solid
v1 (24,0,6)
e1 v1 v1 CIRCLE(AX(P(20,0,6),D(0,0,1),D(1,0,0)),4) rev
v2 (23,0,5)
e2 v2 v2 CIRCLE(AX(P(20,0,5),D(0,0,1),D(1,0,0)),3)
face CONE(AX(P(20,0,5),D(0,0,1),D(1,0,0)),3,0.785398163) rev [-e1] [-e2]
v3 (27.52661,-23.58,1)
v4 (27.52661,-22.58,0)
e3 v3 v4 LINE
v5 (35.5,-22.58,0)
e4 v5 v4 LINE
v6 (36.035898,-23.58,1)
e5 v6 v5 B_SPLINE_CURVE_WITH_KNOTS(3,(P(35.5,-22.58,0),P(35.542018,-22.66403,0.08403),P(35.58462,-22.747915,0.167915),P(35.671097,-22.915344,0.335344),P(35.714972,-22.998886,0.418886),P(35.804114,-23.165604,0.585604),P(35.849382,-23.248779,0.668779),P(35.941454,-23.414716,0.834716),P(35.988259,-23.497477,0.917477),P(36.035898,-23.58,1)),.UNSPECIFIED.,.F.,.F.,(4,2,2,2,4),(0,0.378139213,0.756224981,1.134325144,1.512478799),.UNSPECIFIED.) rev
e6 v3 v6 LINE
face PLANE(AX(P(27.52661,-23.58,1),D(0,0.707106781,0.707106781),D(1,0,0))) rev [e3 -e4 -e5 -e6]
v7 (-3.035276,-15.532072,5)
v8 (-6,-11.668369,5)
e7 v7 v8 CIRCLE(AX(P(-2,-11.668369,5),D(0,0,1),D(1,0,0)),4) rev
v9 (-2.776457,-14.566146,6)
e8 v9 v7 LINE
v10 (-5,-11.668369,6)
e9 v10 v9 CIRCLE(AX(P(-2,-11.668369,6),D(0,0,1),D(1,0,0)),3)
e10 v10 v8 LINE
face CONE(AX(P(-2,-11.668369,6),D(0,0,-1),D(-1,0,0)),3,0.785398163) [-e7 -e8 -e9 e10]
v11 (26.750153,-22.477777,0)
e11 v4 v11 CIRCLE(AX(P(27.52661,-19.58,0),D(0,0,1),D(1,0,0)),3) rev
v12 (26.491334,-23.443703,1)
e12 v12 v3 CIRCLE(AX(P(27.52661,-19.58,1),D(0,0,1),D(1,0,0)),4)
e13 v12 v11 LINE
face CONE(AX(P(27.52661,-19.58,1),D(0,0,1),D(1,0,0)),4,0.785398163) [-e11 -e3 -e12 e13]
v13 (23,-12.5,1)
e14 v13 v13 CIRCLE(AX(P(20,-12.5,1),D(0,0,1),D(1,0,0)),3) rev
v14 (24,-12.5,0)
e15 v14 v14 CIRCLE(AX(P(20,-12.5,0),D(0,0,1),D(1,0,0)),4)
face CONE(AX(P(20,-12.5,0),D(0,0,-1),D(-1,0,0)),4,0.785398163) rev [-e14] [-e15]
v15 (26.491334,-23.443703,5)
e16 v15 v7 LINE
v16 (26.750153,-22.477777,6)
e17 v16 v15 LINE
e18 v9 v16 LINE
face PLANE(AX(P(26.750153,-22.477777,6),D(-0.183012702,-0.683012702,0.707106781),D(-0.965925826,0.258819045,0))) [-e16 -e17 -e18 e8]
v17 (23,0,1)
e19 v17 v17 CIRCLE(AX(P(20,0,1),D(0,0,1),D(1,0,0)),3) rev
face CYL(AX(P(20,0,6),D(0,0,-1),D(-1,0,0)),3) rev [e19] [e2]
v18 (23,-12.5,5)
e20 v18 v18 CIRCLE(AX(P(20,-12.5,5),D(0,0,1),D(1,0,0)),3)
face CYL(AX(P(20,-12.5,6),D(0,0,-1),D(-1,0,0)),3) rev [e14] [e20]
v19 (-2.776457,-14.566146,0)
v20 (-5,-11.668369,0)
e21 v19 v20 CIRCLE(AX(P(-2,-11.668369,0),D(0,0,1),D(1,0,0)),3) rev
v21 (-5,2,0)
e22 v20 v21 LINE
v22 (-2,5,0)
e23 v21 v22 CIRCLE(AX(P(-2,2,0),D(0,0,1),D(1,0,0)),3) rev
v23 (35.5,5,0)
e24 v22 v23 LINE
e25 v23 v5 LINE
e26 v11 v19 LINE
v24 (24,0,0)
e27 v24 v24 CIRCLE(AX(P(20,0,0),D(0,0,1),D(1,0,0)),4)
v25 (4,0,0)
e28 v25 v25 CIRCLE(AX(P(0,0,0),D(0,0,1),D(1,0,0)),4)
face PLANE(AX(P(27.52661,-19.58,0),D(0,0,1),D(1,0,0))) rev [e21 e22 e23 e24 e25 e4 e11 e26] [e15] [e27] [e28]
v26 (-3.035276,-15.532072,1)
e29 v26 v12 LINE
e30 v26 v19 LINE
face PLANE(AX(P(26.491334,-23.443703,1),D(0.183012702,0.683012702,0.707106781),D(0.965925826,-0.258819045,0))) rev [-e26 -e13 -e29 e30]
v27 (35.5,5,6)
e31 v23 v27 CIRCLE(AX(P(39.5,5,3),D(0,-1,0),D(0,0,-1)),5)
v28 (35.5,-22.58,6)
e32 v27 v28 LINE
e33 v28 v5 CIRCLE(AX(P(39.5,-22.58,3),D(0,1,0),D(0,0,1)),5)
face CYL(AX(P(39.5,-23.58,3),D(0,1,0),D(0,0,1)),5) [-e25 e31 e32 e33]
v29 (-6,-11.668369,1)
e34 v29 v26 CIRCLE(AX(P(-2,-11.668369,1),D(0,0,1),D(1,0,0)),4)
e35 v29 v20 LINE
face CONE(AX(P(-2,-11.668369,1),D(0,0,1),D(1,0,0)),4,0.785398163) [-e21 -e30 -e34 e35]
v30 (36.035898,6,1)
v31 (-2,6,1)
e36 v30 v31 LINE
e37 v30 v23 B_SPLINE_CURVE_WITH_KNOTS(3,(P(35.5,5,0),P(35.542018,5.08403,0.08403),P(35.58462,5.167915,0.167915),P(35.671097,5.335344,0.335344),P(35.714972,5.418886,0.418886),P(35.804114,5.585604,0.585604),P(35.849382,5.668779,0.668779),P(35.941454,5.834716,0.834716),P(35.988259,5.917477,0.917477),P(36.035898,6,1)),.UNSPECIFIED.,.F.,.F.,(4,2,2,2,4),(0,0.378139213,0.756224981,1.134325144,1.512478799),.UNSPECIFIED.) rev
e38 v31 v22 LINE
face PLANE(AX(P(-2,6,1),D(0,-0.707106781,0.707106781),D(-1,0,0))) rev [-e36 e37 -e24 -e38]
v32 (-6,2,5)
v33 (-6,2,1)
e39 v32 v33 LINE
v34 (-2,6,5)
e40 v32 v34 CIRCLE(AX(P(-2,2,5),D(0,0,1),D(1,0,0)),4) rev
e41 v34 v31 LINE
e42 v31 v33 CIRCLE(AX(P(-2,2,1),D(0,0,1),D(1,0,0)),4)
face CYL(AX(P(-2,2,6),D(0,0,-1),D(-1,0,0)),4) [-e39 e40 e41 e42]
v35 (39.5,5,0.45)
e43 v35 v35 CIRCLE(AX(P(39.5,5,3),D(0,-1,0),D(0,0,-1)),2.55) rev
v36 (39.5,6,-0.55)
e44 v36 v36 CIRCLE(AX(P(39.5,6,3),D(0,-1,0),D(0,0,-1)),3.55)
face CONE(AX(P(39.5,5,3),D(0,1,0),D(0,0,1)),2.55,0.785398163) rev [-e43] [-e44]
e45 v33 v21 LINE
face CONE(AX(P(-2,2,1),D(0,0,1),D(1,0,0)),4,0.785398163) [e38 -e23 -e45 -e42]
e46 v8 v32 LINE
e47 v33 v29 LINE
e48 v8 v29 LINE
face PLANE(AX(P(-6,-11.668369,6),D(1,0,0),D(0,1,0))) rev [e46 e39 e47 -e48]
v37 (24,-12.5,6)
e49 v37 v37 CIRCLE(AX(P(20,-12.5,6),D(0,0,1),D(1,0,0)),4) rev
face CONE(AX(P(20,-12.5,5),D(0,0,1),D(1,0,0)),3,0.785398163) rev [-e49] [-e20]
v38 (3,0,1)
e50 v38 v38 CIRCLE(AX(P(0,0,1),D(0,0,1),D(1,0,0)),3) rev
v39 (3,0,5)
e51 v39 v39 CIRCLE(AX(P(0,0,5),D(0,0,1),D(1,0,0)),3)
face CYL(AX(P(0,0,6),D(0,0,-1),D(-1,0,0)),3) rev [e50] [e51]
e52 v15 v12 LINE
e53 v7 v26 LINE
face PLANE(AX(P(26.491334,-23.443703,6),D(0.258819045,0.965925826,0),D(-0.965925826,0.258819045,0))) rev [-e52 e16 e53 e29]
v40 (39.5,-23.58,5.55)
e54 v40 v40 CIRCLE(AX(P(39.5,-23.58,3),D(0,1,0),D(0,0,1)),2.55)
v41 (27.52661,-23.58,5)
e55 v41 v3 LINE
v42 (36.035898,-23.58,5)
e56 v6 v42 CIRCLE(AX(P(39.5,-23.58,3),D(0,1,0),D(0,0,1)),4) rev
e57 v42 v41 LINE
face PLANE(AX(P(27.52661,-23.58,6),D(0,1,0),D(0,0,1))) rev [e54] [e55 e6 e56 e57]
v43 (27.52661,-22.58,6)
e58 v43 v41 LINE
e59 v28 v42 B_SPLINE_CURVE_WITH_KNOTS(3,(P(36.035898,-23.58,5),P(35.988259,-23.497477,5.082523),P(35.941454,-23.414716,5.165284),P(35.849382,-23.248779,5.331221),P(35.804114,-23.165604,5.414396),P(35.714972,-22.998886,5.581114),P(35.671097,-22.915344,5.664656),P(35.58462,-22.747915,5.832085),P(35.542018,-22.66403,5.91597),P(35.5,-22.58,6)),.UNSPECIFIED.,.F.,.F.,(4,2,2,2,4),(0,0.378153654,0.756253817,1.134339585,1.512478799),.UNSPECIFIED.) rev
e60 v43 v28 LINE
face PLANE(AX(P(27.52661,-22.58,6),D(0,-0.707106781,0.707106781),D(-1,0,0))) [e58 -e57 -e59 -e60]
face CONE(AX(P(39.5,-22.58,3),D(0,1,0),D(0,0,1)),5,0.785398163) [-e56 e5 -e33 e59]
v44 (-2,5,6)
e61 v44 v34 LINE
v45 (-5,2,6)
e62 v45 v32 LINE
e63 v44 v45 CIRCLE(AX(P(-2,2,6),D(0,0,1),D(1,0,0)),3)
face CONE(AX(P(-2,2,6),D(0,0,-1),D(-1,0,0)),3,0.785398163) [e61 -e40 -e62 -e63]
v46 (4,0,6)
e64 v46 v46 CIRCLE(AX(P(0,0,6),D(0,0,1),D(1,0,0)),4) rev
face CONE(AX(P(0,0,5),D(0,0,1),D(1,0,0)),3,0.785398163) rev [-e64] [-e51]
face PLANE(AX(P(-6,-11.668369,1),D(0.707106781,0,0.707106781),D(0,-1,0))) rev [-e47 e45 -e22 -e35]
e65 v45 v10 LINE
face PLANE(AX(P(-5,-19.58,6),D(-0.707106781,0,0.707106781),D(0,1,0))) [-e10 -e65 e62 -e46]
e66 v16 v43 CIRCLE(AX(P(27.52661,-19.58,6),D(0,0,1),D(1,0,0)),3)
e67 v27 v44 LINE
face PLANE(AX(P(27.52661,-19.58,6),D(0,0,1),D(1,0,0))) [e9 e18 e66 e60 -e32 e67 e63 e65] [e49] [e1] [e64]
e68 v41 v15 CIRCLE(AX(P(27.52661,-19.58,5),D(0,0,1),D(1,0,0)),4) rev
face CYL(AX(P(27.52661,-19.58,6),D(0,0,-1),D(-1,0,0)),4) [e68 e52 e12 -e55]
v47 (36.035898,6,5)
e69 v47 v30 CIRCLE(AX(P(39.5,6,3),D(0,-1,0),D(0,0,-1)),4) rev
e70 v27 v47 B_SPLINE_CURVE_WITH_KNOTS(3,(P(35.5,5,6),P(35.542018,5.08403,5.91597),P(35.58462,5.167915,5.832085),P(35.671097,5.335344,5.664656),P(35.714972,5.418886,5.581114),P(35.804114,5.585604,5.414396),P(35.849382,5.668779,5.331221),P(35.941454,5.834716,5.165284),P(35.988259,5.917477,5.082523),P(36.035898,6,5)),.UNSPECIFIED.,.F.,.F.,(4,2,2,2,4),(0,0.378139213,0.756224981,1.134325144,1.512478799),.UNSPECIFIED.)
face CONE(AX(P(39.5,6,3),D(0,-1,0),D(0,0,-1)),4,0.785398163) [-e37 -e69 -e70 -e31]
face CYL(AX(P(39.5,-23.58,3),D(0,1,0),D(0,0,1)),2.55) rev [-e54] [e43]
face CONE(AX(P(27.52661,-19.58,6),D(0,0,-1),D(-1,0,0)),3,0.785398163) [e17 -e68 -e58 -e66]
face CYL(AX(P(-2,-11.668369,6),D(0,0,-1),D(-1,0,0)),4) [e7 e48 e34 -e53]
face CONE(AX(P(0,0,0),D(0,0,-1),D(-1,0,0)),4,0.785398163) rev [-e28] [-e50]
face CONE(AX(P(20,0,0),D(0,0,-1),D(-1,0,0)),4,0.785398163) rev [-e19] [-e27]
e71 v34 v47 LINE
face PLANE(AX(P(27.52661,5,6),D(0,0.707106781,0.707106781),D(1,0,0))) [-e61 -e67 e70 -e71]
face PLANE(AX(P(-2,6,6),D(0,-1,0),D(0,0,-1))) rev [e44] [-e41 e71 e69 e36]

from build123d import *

# Parameters (mm, degrees)
SKETCH_2_R          = 3
EXTRUDE_1_DEPTH     = 6
SKETCH_3_R          = 5
EXTRUDE_2_DEPTH     = 29.58
SKETCH_4_R          = 2.55
CUT_EXTRUDE_1_DEPTH = 55.029865815
CHAMFER_1_SIZE      = 1


with BuildPart() as part:
    # 草图2 → 凸台-拉伸1 (new body)
    with BuildSketch(Plane.XY):
        with BuildLine():
            Line((26.49133381, -23.443703305), (-3.03527618, -15.532072003))
            ThreePointArc((-3.03527618, -15.532072003), (-5.173413361, -14.103414414), (-6, -11.668368698))
            Line((-6, -11.668368698), (-6, 2))
            ThreePointArc((-6, 2), (-4.828427125, 4.828427125), (-2, 6))
            Line((-2, 6), (39.5, 6))
            Line((39.5, 6), (39.5, -23.58))
            Line((39.5, -23.58), (27.52660999, -23.58))
            ThreePointArc((27.52660999, -23.58), (27.004505221, -23.545779445), (26.49133381, -23.443703305))
        make_face()
        Circle(SKETCH_2_R, mode=Mode.SUBTRACT)
        with Locations((20, 0)):
            Circle(SKETCH_2_R, mode=Mode.SUBTRACT)
        with Locations((20, -12.5)):
            Circle(SKETCH_2_R, mode=Mode.SUBTRACT)
    extrude(amount=EXTRUDE_1_DEPTH)

    # 草图3 → 凸台-拉伸2 (add, through all)
    with BuildSketch(Plane(origin=(0, 6, 0), x_dir=(1, 0, 0), z_dir=(0, 1, 0))):
        with Locations((39.5, -3)):
            Circle(SKETCH_3_R)
    extrude(amount=-EXTRUDE_2_DEPTH)

    # 草图4 → 切除-拉伸1 (cut, through all)
    with BuildSketch(Plane(origin=(0, 6, 0), x_dir=(1, 0, 0), z_dir=(0, 1, 0))):
        with Locations(Location((39.5, -3, 0), (0, 0, 270))):
            Circle(SKETCH_4_R)
    extrude(amount=-CUT_EXTRUDE_1_DEPTH, mode=Mode.SUBTRACT)

    # 倒角1
    chamfer_1_edges = [part.edges().sort_by_distance(p)[0] for p in [
        (31.513304995, -23.58, 0),
        (27.004505221, -23.545779445, 0),
        (-4.828427125, 4.828427125, 6),
        (-3, 0, 0),
        (-3, 0, 6),
        (-6, -4.834184349, 6),
        (17, 0, 0),
        (17, 0, 6),
        (-5.173413361, -14.103414414, 6),
        (17, -12.5, 0),
        (17, -12.5, 6),
        (11.728028815, -19.487887654, 6),
        (16.75, 6, 0),
        (16.75, 6, 6),
        (44.5, -23.58, 3),
        (44.5, 6, 3),
        (27.004505221, -23.545779445, 6),
        (39.5, 6, 0.45),
        (11.728028815, -19.487887654, 0),
        (31.513304995, -23.58, 6),
        (-5.173413361, -14.103414414, 0),
        (-6, -4.834184349, 0),
        (-4.828427125, 4.828427125, 0),
    ]]
    chamfer(chamfer_1_edges, length=CHAMFER_1_SIZE)


solid = part.part
